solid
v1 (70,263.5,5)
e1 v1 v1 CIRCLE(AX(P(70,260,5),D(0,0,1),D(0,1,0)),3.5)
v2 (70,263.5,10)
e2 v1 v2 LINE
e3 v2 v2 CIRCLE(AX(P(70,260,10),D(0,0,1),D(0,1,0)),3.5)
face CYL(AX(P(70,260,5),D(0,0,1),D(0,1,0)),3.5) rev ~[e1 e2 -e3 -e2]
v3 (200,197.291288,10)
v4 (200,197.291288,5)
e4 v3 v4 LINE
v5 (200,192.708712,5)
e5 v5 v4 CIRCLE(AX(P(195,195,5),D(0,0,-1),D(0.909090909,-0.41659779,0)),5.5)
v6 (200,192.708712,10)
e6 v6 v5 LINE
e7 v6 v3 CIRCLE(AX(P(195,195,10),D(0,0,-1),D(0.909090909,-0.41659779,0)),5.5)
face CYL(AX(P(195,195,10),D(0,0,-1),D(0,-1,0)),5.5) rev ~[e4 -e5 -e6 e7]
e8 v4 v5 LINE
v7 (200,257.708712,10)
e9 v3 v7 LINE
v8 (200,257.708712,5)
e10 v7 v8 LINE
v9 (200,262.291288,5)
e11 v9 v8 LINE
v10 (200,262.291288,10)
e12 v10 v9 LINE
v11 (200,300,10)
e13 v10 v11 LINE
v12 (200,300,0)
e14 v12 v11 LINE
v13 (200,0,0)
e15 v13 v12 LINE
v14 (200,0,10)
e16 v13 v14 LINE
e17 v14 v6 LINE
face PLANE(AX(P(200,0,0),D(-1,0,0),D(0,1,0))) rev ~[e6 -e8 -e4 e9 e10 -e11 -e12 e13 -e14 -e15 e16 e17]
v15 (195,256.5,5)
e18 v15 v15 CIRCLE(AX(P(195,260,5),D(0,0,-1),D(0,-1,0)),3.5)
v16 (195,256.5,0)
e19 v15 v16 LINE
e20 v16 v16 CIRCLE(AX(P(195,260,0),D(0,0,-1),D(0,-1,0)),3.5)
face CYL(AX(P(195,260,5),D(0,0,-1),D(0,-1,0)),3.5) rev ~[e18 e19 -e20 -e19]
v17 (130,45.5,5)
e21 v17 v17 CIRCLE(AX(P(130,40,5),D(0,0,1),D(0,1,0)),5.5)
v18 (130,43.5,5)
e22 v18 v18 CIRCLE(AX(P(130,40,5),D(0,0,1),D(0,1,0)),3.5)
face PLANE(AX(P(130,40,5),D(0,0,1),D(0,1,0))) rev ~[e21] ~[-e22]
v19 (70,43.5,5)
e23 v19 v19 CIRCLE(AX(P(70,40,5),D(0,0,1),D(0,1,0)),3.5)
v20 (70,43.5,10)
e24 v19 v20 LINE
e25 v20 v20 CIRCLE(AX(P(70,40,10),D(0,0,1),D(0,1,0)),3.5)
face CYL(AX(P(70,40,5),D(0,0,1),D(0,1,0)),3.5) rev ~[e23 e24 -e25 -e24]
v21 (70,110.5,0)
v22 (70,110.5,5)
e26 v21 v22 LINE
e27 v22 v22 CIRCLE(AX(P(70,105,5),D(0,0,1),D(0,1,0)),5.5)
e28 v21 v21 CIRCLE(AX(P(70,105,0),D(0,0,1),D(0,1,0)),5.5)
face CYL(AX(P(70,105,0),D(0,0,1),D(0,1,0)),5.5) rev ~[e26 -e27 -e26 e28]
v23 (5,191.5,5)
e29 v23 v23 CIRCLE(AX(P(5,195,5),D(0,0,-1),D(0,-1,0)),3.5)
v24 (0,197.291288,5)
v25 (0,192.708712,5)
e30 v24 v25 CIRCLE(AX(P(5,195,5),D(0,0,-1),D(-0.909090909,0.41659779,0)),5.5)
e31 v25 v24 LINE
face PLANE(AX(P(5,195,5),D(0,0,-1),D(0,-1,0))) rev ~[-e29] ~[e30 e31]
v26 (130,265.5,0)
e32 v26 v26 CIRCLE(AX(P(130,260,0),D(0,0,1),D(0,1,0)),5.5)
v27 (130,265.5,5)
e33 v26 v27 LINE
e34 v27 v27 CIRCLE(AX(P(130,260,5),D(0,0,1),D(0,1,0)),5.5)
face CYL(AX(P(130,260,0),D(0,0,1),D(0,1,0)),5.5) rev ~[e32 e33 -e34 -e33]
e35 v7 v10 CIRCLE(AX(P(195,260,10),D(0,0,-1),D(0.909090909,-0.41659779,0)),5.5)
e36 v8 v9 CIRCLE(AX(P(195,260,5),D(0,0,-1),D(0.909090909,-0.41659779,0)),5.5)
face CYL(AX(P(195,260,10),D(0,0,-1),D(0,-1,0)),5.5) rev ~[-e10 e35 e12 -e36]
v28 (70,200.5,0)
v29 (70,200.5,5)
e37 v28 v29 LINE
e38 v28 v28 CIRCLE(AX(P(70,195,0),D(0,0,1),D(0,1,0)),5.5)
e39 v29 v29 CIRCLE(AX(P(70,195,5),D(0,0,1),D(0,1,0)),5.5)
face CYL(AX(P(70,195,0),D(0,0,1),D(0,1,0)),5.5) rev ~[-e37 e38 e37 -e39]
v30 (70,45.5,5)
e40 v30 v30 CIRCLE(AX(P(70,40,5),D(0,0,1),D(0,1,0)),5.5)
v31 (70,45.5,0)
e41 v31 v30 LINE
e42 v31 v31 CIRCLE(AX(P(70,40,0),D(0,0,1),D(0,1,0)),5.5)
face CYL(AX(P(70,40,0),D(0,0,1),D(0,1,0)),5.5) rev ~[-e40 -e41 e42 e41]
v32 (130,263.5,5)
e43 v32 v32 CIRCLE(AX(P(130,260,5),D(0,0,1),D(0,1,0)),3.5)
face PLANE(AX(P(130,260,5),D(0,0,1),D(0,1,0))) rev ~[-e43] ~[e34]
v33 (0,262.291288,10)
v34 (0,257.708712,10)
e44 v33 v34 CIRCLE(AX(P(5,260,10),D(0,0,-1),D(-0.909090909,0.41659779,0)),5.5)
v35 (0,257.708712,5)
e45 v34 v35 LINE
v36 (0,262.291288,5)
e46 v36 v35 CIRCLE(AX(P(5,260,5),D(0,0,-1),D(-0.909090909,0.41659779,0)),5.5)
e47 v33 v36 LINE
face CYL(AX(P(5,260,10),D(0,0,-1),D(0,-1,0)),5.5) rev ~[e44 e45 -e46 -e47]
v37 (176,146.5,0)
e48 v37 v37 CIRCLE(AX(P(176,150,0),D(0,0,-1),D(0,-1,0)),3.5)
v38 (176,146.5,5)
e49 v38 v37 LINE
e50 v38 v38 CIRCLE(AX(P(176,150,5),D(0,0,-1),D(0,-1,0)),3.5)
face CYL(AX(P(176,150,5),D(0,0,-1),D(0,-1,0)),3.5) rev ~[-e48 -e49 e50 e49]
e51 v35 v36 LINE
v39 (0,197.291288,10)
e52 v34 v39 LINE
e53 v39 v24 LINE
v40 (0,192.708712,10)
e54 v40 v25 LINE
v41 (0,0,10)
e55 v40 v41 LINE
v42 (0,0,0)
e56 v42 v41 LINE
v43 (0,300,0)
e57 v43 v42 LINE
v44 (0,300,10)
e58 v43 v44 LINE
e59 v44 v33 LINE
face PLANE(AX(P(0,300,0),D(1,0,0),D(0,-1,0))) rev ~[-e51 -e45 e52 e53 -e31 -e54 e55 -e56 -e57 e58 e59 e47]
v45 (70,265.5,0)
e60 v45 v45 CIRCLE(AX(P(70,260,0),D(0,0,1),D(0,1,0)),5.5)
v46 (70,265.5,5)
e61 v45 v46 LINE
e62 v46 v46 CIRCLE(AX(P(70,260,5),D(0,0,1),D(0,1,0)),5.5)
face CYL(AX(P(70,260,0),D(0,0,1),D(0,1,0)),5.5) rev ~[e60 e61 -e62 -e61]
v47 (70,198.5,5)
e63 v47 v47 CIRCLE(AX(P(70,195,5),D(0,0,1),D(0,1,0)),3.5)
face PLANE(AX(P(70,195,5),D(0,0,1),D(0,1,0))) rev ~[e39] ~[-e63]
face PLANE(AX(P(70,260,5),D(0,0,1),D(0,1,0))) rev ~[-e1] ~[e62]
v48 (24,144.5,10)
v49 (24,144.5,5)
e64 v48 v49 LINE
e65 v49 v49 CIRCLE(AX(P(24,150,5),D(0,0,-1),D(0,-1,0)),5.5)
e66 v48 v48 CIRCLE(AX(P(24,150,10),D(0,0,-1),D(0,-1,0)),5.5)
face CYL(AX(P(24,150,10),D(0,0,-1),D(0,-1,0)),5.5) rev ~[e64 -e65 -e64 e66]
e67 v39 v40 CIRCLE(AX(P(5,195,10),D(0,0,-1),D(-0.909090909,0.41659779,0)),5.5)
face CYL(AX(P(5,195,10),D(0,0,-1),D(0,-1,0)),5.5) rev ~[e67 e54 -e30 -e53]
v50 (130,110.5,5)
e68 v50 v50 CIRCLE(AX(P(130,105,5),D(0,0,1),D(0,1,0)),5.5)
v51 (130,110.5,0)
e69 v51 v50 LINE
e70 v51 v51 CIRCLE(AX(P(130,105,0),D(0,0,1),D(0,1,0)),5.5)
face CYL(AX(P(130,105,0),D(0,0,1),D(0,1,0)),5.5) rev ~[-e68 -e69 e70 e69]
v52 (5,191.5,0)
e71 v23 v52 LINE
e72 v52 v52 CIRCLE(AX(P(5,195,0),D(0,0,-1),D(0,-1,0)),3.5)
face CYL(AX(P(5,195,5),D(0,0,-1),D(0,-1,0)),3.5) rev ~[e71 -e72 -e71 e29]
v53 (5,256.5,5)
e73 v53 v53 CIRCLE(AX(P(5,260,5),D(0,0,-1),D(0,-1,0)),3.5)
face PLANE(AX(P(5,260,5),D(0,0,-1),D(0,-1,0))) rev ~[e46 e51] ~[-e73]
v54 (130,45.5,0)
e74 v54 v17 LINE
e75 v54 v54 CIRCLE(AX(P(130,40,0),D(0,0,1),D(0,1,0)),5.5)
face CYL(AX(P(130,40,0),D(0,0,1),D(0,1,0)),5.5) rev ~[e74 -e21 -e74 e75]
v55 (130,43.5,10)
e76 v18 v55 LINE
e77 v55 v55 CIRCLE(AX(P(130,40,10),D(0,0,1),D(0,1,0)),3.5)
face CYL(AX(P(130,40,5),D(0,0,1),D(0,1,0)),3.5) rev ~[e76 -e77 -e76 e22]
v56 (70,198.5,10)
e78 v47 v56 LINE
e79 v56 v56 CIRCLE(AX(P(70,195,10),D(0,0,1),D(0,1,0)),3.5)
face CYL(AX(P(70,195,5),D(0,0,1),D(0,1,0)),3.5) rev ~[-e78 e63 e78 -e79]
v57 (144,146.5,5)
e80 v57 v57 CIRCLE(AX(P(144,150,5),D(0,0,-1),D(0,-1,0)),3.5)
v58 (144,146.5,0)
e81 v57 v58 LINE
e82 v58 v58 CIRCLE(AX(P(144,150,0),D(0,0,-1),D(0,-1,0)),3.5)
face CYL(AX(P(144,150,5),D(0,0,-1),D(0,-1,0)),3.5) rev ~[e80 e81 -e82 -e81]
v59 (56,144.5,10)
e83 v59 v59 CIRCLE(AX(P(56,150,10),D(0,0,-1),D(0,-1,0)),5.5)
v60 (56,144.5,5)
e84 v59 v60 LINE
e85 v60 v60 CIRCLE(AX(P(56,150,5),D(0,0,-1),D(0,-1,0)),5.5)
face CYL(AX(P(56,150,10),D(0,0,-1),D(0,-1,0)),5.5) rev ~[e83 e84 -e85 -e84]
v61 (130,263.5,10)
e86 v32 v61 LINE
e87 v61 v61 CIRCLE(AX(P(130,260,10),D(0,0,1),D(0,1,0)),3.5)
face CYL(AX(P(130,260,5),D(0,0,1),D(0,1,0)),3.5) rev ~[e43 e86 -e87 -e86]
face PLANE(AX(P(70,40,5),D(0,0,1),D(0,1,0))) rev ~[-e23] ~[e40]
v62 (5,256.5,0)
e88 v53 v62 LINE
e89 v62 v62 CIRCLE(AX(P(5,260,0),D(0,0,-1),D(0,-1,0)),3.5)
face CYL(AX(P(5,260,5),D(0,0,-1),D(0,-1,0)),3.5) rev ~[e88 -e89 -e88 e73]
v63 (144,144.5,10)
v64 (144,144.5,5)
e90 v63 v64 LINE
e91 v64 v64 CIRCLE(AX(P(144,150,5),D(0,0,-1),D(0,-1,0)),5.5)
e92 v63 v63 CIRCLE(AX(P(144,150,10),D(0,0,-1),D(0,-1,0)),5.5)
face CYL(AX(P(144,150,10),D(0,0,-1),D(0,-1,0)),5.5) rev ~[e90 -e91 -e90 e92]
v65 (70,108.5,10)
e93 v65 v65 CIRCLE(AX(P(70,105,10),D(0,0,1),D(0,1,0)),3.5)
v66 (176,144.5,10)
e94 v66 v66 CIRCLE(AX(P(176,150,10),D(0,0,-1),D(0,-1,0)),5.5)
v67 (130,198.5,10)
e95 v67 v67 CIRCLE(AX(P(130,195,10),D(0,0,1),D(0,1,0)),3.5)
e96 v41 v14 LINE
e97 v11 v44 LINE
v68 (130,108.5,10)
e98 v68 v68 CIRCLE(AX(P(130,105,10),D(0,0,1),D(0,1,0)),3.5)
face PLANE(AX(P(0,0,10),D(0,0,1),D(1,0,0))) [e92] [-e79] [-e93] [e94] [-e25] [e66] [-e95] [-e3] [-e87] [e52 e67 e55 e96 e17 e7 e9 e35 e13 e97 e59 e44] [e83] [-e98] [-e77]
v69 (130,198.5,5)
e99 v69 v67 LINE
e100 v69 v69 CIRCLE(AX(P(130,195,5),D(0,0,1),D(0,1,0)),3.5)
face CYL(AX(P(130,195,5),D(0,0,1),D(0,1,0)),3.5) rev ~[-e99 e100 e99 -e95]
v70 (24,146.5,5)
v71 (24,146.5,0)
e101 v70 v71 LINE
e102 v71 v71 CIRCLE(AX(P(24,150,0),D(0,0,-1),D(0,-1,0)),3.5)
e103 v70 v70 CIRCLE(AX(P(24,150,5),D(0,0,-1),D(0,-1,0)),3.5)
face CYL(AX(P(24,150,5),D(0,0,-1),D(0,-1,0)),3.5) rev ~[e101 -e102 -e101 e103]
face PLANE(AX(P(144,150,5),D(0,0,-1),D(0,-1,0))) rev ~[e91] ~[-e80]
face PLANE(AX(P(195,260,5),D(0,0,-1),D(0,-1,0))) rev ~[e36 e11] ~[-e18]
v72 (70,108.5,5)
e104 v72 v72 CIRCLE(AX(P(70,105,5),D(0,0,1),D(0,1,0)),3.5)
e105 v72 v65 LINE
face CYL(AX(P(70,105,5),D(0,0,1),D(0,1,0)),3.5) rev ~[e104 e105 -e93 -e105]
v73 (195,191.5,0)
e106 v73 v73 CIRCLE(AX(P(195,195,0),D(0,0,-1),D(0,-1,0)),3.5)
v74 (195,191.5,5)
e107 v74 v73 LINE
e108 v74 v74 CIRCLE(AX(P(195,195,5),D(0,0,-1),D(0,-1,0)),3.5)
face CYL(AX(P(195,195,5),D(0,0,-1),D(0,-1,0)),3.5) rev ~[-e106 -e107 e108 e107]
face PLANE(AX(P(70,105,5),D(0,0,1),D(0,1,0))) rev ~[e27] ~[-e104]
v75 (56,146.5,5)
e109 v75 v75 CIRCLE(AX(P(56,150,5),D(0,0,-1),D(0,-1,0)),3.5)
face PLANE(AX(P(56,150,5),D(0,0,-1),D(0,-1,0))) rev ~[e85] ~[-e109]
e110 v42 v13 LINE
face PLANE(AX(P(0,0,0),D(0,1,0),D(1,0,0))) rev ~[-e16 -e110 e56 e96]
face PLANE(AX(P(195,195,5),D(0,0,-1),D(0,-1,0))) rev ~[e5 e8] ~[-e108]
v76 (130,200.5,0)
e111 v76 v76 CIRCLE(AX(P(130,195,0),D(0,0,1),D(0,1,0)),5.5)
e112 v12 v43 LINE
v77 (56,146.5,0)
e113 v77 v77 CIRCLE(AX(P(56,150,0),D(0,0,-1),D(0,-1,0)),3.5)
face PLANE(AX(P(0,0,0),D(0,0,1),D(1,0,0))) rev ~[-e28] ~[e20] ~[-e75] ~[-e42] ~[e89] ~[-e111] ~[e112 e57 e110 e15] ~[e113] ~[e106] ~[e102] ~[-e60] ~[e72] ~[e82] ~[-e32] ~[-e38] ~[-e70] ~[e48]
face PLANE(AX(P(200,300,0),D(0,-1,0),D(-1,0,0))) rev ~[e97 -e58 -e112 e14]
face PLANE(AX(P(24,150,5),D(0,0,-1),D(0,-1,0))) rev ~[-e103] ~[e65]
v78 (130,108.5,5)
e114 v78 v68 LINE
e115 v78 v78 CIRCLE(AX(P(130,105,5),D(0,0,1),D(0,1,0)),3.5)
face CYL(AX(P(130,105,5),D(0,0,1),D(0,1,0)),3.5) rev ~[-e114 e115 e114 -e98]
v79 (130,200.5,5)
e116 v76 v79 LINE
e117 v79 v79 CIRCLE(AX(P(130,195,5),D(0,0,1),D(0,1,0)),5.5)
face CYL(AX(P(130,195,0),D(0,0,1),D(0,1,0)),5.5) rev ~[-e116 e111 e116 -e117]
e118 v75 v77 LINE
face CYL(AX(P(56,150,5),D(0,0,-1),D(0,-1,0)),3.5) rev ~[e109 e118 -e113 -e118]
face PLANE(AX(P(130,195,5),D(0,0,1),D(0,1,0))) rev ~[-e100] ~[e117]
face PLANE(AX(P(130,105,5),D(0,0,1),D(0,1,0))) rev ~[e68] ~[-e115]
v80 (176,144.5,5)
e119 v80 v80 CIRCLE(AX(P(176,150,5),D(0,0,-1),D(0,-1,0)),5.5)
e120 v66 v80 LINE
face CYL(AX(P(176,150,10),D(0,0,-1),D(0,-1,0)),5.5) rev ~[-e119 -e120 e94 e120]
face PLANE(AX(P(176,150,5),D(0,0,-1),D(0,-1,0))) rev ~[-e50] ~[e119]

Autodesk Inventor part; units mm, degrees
ref_plane "YZ Plane" through (0, 0, 0) normal (1, 0, 0) x (0, 1, 0)
ref_plane "XZ Plane" through (0, 0, 0) normal (0, 1, 0) x (-1, 0, 0)
ref_plane "XY Plane" through (0, 0, 0) normal (0, 0, 1) x (1, 0, 0)
sketch "Sketch1" plane through (0, 0, 0) normal (0, 0, 1) x (1, 0, 0)
  line L0 (0, 0) -> (200, 0)
  line L1 (200, 0) -> (200, 300)
  line L2 (200, 300) -> (0, 300)
  line L3 (0, 300) -> (0, 0)
  dimension "d0" = 200
  dimension "d1" = 300
extrude "Extrusion1" add sketch "Sketch1" along normal blind 10
sketch "Sketch2" plane through (0, 0, 10) normal (0, 0, 1) x (1, 0, 0)
  circle A0 centre (5, 195) radius 2.4585 projected
  line L0 (0, 300) -> (0, 0) projected
  circle A1 centre (5, 260) radius 2.4585 projected
  circle A2 centre (195, 260) radius 2.4585 projected
  circle A3 centre (195, 195) radius 2.4585 projected
hole "Hole1" at (195, 195, 10) at (195, 260, 10) at (5, 195, 10) at (5, 260, 10) direction (0, 0, -1) diameter 7 end through all counterbore diameter 11 counterbore depth 5
sketch "Sketch3" plane through (0, 0, 10) normal (0, 0, 1) x (1, 0, 0)
  circle A0 centre (24, 150) radius 2.4585 projected
  circle A1 centre (24, 150) radius 2.4585 projected
  circle A2 centre (56, 150) radius 2.4585 projected
  circle A3 centre (144, 150) radius 2.4585 projected
  circle A4 centre (176, 150) radius 2.4585 projected
  point P0 (0, 0)
hole "Hole2" at (176, 150, 10) at (144, 150, 10) at (56, 150, 10) at (24, 150, 10) direction (0, 0, -1) diameter 7 end through all counterbore diameter 11 counterbore depth 5
sketch "Sketch4" plane through (0, 0, 0) normal (0, 0, -1) x (-1, 0, 0)
  circle A0 centre (-70, 195) radius 3
  circle A1 centre (-130, 195) radius 3
  line L0 (0, 300) -> (0, 0) projected
  line L1 (-200, 0) -> (-200, 300) projected
  circle A2 centre (-70, 260) radius 3
  circle A3 centre (-130, 260) radius 3
  circle A4 centre (-70, 40) radius 3
  circle A5 centre (-130, 40) radius 3
  circle A6 centre (-70, 105) radius 3
  circle A7 centre (-130, 105) radius 3
  line L2 (0, 0) -> (-200, 0) projected
  dimension "d18" = 6
  dimension "d19" = 70
  dimension "d20" = 70
  dimension "d21" = 6
  dimension "d22" = 6
  dimension "d23" = 6
  dimension "d24" = 40
  dimension "d25" = 40
  dimension "d26" = 65
  dimension "d27" = 65
hole "Hole3" at (130, 195, 0) at (130, 260, 0) at (70, 260, 0) at (70, 195, 0) at (70, 105, 0) at (130, 105, 0) at (130, 40, 0) at (70, 40, 0) direction (0, 0, 1) diameter 7 end through all counterbore diameter 11 counterbore depth 5
properties part number "200x300(10li)"
